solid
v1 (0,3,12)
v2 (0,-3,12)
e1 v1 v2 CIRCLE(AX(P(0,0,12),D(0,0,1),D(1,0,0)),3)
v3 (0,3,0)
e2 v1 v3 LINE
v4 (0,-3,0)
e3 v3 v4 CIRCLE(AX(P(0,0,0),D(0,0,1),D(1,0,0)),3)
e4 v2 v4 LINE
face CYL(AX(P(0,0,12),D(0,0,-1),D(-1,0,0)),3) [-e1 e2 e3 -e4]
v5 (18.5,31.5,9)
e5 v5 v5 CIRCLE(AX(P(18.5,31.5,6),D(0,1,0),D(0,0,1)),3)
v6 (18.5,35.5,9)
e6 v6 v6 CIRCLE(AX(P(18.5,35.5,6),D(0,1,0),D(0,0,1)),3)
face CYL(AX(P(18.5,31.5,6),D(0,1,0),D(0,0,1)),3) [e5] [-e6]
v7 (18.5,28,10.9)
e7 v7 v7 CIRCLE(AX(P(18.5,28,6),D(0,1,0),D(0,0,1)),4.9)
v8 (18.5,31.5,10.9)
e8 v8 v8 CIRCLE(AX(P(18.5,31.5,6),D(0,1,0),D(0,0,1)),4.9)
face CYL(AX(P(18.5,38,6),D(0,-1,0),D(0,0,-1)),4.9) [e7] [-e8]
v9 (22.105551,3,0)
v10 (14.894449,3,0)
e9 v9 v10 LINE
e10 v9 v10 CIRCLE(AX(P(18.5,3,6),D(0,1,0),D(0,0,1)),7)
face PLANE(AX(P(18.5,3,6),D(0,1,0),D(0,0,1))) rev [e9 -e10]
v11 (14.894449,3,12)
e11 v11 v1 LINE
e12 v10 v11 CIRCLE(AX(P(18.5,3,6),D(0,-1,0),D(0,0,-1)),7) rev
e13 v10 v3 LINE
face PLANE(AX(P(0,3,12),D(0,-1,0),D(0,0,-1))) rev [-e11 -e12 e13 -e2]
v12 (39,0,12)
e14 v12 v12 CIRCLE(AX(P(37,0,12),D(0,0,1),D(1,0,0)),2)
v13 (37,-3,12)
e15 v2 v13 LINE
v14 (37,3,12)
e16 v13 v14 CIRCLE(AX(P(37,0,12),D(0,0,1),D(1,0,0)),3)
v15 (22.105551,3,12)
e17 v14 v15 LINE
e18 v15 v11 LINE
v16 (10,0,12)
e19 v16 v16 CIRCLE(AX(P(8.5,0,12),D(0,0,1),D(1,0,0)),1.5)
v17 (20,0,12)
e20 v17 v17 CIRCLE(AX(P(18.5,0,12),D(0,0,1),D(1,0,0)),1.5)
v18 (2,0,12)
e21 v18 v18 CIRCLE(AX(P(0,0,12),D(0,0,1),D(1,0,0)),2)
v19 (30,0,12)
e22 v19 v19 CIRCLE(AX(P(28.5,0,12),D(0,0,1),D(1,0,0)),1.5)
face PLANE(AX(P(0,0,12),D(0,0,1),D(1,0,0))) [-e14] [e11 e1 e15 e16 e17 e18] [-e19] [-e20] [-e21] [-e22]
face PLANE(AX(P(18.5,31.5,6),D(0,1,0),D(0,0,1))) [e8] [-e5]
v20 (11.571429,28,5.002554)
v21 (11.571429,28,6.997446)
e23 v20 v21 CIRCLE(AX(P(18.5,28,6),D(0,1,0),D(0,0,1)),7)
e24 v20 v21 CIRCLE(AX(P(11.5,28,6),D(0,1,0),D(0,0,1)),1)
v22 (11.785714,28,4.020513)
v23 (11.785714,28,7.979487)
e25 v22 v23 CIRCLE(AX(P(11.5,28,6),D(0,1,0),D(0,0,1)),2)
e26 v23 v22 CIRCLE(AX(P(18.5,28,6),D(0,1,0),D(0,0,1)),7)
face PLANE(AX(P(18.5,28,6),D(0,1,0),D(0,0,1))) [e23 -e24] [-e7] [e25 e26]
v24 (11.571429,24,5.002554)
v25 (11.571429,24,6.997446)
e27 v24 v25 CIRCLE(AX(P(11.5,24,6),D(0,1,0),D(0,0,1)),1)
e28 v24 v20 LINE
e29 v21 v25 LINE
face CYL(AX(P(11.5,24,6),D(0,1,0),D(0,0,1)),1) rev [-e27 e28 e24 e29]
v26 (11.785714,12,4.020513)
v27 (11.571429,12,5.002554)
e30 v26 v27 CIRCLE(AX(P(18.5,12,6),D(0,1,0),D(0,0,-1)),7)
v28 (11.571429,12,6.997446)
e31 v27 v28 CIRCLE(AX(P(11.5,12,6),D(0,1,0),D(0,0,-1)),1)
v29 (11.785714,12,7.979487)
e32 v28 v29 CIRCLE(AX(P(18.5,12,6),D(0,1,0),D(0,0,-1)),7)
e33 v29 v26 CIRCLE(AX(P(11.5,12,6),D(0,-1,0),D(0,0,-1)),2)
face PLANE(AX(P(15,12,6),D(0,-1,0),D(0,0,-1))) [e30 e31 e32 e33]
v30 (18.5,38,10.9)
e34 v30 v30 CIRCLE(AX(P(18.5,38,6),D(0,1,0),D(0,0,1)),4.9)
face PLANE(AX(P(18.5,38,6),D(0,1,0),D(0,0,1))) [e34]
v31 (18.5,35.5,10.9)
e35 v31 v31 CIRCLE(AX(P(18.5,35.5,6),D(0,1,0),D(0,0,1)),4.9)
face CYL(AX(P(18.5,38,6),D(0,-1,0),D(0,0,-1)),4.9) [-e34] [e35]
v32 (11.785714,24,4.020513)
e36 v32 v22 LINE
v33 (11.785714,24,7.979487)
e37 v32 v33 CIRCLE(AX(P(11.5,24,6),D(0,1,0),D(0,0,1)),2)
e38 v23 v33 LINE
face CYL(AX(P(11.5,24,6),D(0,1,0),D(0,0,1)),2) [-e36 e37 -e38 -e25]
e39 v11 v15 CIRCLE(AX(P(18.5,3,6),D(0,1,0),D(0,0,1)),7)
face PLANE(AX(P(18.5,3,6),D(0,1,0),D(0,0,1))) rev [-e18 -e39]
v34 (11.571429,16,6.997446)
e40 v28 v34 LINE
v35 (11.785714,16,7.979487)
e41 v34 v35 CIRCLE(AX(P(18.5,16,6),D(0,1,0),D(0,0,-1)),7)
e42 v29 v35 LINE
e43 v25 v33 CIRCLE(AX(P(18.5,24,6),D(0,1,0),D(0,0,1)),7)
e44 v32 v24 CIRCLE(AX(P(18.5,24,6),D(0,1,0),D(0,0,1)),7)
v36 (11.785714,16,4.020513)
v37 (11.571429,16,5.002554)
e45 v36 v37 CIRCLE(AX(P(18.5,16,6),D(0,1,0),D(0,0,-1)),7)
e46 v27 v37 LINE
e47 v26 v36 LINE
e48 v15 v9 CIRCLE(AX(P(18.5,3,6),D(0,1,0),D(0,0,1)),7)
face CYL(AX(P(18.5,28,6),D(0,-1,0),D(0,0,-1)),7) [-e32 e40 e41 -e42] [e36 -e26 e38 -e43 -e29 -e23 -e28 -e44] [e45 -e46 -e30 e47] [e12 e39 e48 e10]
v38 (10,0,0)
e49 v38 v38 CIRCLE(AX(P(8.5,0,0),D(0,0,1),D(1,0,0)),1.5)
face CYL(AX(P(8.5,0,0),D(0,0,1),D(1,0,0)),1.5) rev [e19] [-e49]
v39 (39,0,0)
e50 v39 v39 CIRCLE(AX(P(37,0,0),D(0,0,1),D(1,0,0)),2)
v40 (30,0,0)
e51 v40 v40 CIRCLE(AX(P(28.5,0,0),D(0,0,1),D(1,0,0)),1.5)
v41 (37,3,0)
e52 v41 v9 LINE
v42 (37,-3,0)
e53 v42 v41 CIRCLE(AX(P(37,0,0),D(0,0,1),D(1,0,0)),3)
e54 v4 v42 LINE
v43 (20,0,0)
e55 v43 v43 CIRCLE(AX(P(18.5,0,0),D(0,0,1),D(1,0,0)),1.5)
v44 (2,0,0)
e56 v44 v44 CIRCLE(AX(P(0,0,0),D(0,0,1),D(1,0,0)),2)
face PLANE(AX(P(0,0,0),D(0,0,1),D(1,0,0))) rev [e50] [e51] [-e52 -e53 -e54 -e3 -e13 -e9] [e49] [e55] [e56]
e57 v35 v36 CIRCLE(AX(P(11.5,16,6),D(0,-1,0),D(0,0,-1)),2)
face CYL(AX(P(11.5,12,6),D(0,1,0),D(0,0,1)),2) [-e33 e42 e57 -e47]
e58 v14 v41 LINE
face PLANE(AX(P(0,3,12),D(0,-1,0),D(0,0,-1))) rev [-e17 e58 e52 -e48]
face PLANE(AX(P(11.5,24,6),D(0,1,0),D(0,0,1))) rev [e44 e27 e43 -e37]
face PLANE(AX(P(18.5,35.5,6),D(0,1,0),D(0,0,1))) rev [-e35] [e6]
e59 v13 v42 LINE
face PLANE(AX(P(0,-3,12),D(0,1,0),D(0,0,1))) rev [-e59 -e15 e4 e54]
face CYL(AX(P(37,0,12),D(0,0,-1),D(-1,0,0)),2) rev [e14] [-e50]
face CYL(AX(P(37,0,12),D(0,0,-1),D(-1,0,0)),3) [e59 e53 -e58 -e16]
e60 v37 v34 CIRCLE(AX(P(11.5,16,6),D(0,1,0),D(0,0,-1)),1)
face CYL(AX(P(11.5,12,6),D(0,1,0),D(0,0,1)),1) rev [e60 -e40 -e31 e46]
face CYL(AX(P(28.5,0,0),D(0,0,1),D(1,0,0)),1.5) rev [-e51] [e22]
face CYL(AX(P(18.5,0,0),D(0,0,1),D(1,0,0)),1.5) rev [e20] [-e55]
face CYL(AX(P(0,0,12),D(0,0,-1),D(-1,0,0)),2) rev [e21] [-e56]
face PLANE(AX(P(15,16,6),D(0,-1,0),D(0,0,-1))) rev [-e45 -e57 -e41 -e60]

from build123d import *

# Parameters (mm, degrees)
SKETCH_1_R                 = 2
EXTRUDE_1_DEPTH            = 12
SKETCH_2_R                 = 1.5
CUT_EXTRUDE_1_DEPTH        = 42.868842831
PATTERN_LINEAR_1_COUNT     = 2
PATTERN_LINEAR_1_PITCH     = 10
PATTERN_LINEAR_1_COL_COUNT = 2
PATTERN_LINEAR_1_COL_PITCH = 10
SKETCH_4_R                 = 7
EXTRUDE_2_DEPTH            = 25
SKETCH_7_R                 = 2
SKETCH_7_R_2               = 1
EXTRUDE_3_DEPTH            = 4
EXTRUDE_5_DEPTH            = 2
SKETCH_10_R                = 4.9
EXTRUDE_6_DEPTH            = 10
CUT_EXTRUDE_START          = -4
SKETCH_13_R                = 4.9
SKETCH_13_R_2              = 3
CUT_EXTRUDE_2_DEPTH        = 4


with BuildPart() as part:
    # 草图1 → 凸台-拉伸1 (new body)
    with BuildSketch(Plane.XY):
        with BuildLine():
            Line((0, 3), (37, 3))
            ThreePointArc((37, 3), (40, 0), (37, -3))
            Line((37, -3), (0, -3))
            ThreePointArc((0, -3), (-3, 0), (0, 3))
        make_face()
        Circle(SKETCH_1_R, mode=Mode.SUBTRACT)
        with Locations((37, 0)):
            Circle(SKETCH_1_R, mode=Mode.SUBTRACT)
    extrude(amount=EXTRUDE_1_DEPTH)

    # 草图2 → 切除-拉伸1 (cut, through all)
    with BuildSketch(Plane.XY.offset(12)):
        with Locations((18.5, 0)):
            Circle(SKETCH_2_R)
    cut_extrude_1 = extrude(amount=-CUT_EXTRUDE_1_DEPTH, mode=Mode.SUBTRACT)

    # 阵列(线性)1: 切除-拉伸1 ×2
    with Locations(*[(-i * PATTERN_LINEAR_1_PITCH, 0, 0) for i in range(1, PATTERN_LINEAR_1_COUNT)]):
        add(cut_extrude_1, mode=Mode.SUBTRACT)

    # 阵列(线性)1 col: 切除-拉伸1 ×2
    with Locations(*[(i * PATTERN_LINEAR_1_COL_PITCH, 0, 0) for i in range(1, PATTERN_LINEAR_1_COL_COUNT)]):
        add(cut_extrude_1, mode=Mode.SUBTRACT)

    # 草图4 → 凸台-拉伸2 (add)
    with BuildSketch(Plane(origin=(0, 3, 0), x_dir=(1, 0, 0), z_dir=(0, 1, 0))):
        with Locations(Location((18.5, -6, 0), (0, 0, 58.997280866))):
            Circle(SKETCH_4_R)
    extrude(amount=EXTRUDE_2_DEPTH)

    # 草图7 → 凸台-拉伸3 (add)
    with BuildSketch(Plane(origin=(0, 28, 0), x_dir=(1, 0, 0), z_dir=(0, 1, 0))):
        with Locations((11.5, -6)):
            Circle(SKETCH_7_R)
        with Locations((11.5, -6)):
            Circle(SKETCH_7_R_2, mode=Mode.SUBTRACT)
    extrude(amount=-EXTRUDE_3_DEPTH)

    # 草图9 → 凸台-拉伸5 (add, symmetric)
    with BuildSketch(Plane(origin=(0, 14, 0), x_dir=(-1, 0, 0), z_dir=(0, -1, 0))):
        with BuildLine():
            ThreePointArc((-11.785714286, -7.979486637), (-11.66092193, -7.492317377), (-11.571428571, -6.997445717))
            ThreePointArc((-11.571428571, -6.997445717), (-10.5, -6), (-11.571428571, -5.002554283))
            ThreePointArc((-11.571428571, -5.002554283), (-11.66092193, -4.507682623), (-11.785714286, -4.020513363))
            ThreePointArc((-11.785714286, -4.020513363), (-9.5, -6), (-11.785714286, -7.979486637))
        make_face()
    extrude(amount=EXTRUDE_5_DEPTH, both=True)

    # 草图10 → 凸台-拉伸6 (add)
    with BuildSketch(Plane(origin=(0, 28, 0), x_dir=(1, 0, 0), z_dir=(0, 1, 0))):
        with Locations(Location((18.5, -6, 0), (0, 0, 270))):
            Circle(SKETCH_10_R)
    extrude(amount=EXTRUDE_6_DEPTH)

    # 草图13 → 切除-拉伸2 (cut)
    with BuildSketch(Plane(origin=(0, 35.5, 0), x_dir=(1, 0, 0), z_dir=(0, 1, 0)).offset(CUT_EXTRUDE_START)):
        with Locations(Location((18.5, -6, 0), (0, 0, 270))):
            Circle(SKETCH_13_R)
        with Locations(Location((18.5, -6, 0), (0, 0, 270))):
            Circle(SKETCH_13_R_2, mode=Mode.SUBTRACT)
    extrude(amount=CUT_EXTRUDE_2_DEPTH, mode=Mode.SUBTRACT)


solid = part.part
